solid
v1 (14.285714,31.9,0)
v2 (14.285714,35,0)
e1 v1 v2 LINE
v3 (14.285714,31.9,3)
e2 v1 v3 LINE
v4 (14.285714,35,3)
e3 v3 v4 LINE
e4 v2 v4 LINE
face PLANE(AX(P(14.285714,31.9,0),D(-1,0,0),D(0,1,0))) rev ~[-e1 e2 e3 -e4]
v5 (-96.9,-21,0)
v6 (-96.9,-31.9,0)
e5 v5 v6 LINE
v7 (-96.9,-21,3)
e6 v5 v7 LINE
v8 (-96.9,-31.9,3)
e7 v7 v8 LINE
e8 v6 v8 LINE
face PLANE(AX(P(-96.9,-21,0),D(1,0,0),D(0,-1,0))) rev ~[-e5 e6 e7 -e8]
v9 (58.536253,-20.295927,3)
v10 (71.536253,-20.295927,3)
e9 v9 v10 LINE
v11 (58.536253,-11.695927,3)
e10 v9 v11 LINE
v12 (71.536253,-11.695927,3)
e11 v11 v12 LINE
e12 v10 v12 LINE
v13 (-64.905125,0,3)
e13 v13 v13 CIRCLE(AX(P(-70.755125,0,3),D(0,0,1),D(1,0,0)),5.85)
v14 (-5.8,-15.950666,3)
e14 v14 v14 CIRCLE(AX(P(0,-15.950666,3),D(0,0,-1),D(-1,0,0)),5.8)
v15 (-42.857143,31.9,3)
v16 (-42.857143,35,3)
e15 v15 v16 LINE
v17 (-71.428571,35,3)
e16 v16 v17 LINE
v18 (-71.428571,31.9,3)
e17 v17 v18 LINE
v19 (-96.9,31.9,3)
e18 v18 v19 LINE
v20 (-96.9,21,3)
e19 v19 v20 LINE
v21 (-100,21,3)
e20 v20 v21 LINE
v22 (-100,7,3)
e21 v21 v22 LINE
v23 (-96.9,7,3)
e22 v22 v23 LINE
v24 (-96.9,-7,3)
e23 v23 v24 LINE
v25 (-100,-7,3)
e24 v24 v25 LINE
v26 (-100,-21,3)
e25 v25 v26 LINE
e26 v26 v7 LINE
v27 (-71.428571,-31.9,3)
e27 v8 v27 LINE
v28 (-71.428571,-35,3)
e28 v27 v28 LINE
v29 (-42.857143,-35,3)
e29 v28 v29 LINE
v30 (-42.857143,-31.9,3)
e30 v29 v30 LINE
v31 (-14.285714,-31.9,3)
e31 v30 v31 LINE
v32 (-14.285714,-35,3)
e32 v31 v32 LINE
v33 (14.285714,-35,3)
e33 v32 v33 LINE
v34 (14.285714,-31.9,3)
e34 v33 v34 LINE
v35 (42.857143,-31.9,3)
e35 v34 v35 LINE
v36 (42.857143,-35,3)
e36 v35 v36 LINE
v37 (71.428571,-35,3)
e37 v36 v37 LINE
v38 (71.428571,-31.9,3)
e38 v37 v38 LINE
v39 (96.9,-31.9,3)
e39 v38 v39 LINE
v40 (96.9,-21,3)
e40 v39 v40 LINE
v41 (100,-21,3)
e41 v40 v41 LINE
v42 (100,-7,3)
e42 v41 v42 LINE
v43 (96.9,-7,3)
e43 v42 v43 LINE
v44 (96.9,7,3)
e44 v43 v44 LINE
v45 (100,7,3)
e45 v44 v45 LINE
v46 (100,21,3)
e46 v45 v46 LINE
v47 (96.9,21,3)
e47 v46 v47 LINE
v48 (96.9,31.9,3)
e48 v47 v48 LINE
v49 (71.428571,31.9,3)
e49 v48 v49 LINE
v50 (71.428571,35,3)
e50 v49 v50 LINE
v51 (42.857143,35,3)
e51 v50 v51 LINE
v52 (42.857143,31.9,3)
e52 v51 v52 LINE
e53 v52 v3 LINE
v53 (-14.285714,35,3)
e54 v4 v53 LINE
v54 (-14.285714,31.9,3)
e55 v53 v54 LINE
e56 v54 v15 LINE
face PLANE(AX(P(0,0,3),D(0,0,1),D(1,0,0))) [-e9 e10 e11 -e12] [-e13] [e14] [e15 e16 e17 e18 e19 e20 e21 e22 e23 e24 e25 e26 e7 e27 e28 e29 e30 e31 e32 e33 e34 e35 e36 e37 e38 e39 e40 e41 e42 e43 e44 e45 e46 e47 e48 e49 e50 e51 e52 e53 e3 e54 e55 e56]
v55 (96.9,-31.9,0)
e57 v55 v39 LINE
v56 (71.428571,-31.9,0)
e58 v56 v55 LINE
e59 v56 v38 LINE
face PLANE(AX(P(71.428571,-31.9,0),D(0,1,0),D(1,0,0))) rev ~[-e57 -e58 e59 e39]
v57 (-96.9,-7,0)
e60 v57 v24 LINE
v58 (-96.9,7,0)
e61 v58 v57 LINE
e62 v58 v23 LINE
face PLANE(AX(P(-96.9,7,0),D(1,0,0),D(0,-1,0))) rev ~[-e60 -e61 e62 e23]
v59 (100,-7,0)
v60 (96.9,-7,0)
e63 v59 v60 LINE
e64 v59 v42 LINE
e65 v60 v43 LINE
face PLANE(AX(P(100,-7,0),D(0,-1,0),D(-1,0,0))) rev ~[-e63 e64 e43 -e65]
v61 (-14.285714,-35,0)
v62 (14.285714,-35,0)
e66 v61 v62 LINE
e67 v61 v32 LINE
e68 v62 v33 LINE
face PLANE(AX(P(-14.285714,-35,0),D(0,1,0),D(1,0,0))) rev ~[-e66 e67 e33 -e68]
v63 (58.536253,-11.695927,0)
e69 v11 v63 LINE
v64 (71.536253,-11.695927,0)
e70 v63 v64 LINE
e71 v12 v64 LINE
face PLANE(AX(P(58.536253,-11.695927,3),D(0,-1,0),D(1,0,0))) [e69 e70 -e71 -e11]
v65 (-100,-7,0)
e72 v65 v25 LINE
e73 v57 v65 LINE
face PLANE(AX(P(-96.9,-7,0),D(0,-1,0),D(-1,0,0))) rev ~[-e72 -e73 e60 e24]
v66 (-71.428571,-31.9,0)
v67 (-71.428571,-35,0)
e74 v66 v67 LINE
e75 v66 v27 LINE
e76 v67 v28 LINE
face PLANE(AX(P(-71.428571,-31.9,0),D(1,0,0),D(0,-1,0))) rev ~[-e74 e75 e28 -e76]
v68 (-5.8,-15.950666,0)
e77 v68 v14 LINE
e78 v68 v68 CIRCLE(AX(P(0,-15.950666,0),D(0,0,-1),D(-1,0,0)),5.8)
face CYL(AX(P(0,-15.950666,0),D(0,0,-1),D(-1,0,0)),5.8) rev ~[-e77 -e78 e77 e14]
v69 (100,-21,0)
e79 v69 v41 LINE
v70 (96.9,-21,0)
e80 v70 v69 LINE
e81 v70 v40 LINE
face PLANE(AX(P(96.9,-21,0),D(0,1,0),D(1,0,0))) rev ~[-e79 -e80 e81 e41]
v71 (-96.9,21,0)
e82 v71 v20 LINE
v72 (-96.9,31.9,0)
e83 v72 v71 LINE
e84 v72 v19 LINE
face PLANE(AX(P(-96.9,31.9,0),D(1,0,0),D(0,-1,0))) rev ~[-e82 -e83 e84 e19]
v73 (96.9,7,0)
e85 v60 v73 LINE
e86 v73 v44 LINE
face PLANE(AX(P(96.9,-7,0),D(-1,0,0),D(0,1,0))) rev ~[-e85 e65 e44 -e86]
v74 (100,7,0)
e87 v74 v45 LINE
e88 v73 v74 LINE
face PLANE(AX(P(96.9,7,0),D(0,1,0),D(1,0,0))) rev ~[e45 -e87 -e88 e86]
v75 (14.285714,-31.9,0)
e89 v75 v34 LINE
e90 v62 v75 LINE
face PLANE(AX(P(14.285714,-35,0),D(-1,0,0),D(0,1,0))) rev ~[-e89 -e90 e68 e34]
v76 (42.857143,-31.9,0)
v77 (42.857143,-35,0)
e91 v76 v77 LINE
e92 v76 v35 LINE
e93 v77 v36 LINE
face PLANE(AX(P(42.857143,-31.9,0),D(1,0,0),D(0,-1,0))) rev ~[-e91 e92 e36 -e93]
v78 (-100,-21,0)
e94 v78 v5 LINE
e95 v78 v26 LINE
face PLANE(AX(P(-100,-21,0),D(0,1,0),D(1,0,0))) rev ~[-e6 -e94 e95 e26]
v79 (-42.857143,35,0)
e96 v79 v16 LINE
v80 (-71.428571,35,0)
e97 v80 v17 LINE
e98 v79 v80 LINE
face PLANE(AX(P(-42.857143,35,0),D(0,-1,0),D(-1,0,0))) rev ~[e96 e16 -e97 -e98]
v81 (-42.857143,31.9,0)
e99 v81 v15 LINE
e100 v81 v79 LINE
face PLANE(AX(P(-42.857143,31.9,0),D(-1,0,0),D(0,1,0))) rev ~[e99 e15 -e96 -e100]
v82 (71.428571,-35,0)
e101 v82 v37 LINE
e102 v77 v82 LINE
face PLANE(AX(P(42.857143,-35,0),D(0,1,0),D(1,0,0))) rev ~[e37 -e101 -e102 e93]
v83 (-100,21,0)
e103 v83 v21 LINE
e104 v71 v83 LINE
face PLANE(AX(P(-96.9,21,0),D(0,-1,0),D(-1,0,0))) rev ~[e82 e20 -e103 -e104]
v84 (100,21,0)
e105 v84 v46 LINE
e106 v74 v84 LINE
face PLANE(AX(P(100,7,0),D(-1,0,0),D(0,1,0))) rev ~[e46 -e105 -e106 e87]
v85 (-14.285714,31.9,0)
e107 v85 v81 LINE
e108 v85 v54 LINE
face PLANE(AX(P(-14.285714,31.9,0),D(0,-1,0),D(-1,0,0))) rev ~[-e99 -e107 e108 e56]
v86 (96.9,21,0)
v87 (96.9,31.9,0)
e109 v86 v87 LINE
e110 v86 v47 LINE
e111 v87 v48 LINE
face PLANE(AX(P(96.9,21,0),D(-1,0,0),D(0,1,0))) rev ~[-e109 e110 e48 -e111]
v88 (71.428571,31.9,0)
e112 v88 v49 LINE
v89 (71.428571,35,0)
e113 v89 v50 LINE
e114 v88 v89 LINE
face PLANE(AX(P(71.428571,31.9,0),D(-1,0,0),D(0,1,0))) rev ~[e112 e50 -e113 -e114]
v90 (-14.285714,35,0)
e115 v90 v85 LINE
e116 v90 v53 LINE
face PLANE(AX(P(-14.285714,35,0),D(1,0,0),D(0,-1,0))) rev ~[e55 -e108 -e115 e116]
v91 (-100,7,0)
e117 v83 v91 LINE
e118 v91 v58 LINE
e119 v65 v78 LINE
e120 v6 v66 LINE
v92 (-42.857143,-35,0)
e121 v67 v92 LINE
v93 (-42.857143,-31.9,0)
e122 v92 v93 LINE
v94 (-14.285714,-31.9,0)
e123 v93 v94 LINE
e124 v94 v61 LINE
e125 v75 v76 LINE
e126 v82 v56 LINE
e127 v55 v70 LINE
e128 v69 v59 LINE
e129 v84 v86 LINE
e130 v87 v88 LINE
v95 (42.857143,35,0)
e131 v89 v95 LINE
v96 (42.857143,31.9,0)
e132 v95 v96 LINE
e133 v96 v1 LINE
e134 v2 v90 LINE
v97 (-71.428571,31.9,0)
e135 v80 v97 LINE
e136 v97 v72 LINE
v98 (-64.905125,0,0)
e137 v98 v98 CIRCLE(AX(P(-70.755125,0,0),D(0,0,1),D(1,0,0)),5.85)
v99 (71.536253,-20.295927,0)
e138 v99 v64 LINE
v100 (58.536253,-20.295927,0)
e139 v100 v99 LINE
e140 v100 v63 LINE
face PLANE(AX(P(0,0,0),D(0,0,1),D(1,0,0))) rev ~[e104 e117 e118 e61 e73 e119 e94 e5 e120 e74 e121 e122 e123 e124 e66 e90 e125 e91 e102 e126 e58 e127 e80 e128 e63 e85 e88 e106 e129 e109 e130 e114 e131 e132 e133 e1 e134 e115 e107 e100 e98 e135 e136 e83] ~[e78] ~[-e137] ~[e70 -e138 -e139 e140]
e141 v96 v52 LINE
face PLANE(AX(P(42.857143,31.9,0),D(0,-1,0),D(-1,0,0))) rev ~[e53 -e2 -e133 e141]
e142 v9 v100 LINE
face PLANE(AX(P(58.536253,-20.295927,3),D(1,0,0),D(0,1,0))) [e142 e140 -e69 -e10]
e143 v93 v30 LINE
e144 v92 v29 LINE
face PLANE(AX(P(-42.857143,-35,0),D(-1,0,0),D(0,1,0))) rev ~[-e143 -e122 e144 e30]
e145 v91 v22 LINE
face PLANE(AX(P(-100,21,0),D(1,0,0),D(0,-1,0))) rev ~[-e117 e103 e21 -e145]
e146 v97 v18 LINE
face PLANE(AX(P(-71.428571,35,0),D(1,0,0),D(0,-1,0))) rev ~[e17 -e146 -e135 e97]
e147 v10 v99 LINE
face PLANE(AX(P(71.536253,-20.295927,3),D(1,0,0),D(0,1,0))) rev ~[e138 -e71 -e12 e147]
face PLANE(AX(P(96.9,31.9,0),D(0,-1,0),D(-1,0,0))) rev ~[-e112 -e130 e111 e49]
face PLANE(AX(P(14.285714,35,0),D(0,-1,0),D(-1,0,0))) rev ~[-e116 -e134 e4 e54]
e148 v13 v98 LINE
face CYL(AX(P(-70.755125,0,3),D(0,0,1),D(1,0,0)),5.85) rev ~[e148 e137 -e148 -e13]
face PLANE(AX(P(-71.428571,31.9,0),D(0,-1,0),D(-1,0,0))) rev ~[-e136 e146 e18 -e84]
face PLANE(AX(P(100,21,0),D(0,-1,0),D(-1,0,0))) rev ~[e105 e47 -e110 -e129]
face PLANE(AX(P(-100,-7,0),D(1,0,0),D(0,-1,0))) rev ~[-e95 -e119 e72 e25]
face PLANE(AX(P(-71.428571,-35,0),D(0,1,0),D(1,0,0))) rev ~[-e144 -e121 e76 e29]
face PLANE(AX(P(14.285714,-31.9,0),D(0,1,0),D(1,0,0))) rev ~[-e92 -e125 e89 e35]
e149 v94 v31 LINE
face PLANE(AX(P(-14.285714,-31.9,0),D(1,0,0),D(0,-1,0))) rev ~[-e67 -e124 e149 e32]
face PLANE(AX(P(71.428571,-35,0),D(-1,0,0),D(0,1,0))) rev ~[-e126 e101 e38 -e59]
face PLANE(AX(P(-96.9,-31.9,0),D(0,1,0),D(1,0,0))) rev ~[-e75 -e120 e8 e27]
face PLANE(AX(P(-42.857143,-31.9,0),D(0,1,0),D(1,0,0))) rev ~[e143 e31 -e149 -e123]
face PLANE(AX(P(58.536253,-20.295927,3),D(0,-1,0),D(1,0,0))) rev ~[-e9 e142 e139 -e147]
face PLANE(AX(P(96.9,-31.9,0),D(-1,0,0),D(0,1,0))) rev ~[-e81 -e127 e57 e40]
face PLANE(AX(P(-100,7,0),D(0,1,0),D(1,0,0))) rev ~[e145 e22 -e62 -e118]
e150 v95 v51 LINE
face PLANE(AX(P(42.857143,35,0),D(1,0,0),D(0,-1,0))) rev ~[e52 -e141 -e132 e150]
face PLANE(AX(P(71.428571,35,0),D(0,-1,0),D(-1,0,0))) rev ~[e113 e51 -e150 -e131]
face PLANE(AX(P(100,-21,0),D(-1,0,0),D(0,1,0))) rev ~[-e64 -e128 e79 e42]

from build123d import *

# Parameters (mm, degrees)
SALIENTE_EXTRUIR2_DEPTH = 3
CROQUIS3_R              = 5.85
CORTAR_EXTRUIR1_DEPTH   = 3
CROQUIS4_W              = 13
CROQUIS4_H              = 8.6
CORTAR_EXTRUIR2_DEPTH   = 3
CROQUIS5_R              = 5.8
CORTAR_EXTRUIR3_DEPTH   = 3


with BuildPart() as part:
    # Croquis1 → Saliente-Extruir2 (new body)
    with BuildSketch(Plane.XY):
        Polygon((-71.428571429, -31.9), (-71.428571429, -35), (-42.857142857, -35), (-42.857142857, -31.9), (-14.285714286, -31.9), (-14.285714286, -35), (14.285714286, -35), (14.285714286, -31.9), (42.857142857, -31.9), (42.857142857, -35), (71.428571429, -35), (71.428571429, -31.9), (96.9, -31.9), (96.9, -21), (100, -21), (100, -7), (96.9, -7), (96.9, 7), (100, 7), (100, 21), (96.9, 21), (96.9, 31.9), (71.428571429, 31.9), (71.428571429, 35), (42.857142857, 35), (42.857142857, 31.9), (14.285714286, 31.9), (14.285714286, 35), (-14.285714286, 35), (-14.285714286, 31.9), (-42.857142857, 31.9), (-42.857142857, 35), (-71.428571429, 35), (-71.428571429, 31.9), (-96.9, 31.9), (-96.9, 21), (-100, 21), (-100, 7), (-96.9, 7), (-96.9, -7), (-100, -7), (-100, -21), (-96.9, -21), (-96.9, -31.9), align=None)
    extrude(amount=SALIENTE_EXTRUIR2_DEPTH)

    # Croquis3 → Cortar-Extruir1 (cut)
    with BuildSketch(Plane.XY.offset(3)):
        with Locations((-70.755124627, 0)):
            Circle(CROQUIS3_R)
    extrude(amount=-CORTAR_EXTRUIR1_DEPTH, mode=Mode.SUBTRACT)

    # Croquis4 → Cortar-Extruir2 (cut)
    with BuildSketch(Plane.XY.offset(3)):
        with Locations((65.03625281, -15.995927208)):
            Rectangle(CROQUIS4_W, CROQUIS4_H)
    extrude(amount=-CORTAR_EXTRUIR2_DEPTH, mode=Mode.SUBTRACT)

    # Croquis5 → Cortar-Extruir3 (cut)
    with BuildSketch(Plane(origin=(0, 0, 0), x_dir=(-1, 0, 0), z_dir=(0, 0, -1))):
        with Locations((0, -15.950666175)):
            Circle(CROQUIS5_R)
    extrude(amount=-CORTAR_EXTRUIR3_DEPTH, mode=Mode.SUBTRACT)


solid = part.part
